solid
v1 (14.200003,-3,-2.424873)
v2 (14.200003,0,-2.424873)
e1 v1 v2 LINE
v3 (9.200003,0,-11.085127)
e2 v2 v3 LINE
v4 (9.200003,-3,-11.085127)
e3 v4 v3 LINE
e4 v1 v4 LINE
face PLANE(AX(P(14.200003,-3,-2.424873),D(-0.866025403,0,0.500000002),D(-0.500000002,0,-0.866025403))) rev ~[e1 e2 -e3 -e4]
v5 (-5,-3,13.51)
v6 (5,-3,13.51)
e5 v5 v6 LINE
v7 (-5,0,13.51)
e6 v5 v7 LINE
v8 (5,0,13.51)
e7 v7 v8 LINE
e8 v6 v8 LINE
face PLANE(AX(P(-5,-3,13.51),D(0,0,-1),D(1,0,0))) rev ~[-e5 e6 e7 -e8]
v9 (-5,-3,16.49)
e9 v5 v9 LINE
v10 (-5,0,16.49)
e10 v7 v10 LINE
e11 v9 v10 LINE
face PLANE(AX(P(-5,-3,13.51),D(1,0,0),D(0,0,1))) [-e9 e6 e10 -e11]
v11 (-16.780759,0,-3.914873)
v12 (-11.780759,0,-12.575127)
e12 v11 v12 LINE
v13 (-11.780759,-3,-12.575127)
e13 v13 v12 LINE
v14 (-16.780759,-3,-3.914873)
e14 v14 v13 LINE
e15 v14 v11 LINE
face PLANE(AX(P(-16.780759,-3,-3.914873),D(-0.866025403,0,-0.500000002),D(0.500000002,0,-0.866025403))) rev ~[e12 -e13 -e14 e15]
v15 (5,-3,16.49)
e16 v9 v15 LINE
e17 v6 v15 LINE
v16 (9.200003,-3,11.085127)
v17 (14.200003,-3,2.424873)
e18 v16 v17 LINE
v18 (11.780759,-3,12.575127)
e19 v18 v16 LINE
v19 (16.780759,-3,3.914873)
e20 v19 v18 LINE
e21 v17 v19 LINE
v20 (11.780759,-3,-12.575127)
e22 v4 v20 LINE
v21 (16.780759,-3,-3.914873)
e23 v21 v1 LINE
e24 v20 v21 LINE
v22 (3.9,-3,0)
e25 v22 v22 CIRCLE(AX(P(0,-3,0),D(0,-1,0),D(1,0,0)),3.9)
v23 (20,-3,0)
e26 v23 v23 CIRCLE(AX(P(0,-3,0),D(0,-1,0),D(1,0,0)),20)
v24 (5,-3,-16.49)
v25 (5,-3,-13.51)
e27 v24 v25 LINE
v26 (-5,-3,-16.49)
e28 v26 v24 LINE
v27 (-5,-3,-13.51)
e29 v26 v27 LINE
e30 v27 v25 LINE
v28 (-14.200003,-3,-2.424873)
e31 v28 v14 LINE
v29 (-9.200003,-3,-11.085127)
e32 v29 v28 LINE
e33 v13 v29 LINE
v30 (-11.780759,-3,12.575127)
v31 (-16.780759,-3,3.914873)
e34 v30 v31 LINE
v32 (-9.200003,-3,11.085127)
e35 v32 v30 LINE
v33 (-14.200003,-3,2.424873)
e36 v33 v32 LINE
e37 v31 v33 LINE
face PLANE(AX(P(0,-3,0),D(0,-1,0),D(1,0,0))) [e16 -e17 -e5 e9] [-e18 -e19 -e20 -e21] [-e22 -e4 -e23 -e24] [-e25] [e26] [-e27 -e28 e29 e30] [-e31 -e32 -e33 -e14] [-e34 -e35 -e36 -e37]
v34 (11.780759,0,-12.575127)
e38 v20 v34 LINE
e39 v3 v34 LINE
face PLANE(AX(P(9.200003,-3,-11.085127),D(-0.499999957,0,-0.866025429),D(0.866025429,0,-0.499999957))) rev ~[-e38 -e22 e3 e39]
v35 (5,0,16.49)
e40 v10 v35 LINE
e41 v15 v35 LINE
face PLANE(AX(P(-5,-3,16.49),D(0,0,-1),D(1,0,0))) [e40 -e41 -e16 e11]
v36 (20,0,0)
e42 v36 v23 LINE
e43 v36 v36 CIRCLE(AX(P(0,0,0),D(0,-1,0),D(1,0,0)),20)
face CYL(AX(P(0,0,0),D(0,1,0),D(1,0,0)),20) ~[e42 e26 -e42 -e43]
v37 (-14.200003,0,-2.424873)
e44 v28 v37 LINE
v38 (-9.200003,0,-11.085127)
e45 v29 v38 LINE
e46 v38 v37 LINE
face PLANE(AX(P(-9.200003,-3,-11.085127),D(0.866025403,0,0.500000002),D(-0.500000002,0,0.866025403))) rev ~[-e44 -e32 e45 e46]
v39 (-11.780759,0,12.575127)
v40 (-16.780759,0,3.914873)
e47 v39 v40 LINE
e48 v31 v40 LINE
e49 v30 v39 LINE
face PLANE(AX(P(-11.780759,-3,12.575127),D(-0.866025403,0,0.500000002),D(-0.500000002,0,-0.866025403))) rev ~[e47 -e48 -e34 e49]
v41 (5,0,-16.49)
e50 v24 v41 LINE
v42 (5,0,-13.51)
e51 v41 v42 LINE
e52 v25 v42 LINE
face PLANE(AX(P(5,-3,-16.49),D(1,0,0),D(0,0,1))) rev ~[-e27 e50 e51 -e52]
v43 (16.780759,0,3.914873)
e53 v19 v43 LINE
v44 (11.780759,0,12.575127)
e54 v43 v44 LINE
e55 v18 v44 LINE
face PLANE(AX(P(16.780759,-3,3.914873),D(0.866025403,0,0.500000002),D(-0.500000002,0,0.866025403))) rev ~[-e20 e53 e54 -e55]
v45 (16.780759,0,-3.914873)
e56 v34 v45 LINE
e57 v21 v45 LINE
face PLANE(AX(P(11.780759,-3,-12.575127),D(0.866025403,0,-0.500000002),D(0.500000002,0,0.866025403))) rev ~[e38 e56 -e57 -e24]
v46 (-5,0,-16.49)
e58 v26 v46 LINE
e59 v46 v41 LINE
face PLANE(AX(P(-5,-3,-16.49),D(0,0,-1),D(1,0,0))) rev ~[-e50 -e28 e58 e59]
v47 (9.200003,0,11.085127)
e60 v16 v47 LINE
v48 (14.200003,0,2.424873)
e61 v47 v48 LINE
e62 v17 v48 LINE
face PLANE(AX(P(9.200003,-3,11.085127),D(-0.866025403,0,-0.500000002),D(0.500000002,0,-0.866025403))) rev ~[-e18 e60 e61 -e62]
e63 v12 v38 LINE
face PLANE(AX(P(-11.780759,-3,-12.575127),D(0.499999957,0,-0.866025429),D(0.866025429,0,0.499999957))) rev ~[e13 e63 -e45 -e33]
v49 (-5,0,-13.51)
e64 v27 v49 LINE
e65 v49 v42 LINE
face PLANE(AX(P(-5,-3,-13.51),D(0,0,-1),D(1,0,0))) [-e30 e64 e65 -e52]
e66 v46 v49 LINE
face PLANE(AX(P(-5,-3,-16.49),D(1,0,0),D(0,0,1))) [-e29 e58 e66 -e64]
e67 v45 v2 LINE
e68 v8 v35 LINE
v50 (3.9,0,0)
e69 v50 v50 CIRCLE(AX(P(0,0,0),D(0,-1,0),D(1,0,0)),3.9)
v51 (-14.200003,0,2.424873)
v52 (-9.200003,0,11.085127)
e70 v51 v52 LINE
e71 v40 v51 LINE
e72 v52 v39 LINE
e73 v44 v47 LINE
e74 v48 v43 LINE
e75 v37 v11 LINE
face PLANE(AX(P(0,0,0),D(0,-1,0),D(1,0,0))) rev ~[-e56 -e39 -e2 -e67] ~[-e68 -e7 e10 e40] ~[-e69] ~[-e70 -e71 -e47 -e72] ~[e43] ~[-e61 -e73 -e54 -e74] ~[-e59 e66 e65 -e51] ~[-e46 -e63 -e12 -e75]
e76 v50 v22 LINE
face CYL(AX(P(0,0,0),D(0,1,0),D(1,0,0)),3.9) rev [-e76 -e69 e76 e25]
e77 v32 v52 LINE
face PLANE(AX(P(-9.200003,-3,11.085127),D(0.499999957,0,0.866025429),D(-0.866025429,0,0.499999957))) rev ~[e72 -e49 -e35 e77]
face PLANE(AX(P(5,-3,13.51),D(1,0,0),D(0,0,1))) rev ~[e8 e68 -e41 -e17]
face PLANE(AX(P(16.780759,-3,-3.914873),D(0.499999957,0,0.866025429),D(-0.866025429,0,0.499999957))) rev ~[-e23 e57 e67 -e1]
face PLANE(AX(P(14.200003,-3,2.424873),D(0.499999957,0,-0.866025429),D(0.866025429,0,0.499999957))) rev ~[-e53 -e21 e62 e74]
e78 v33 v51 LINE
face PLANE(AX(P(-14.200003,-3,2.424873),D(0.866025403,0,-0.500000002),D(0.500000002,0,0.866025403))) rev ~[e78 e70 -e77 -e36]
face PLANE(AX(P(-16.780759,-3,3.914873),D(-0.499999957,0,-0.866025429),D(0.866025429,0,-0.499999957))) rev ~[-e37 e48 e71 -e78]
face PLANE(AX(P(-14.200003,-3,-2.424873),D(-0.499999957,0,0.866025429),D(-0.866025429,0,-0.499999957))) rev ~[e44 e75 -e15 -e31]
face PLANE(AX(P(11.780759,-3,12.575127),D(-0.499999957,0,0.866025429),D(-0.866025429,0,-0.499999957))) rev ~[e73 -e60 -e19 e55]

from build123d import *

# Parameters (mm, degrees)
F0_R     = 20
F0_R_2   = 3.9
F1_DEPTH = 3
F2_W     = 10
F2_H     = 2.98
F3_DEPTH = 25


with BuildPart() as f1:
    # F0 (on Front) → F1 (new body)
    with BuildSketch(Plane.XZ):
        Circle(F0_R)
        Circle(F0_R_2, mode=Mode.SUBTRACT)
    extrude(amount=F1_DEPTH)

    # F2 (on face) → F3 (cut)
    with BuildSketch(Plane.XZ.offset(3)):
        with Locations((0, -15)):
            Rectangle(F2_W, F2_H)
        Polygon((14.200003, -2.424873), (9.200003, -11.085127), (11.780759, -12.575127), (16.780759, -3.914873), align=None)
        Polygon((9.200003, 11.085127), (14.200003, 2.424873), (16.780759, 3.914873), (11.780759, 12.575127), align=None)
        with Locations((0, 15)):
            Rectangle(F2_W, F2_H)
        Polygon((-14.200003, 2.424873), (-9.200003, 11.085127), (-11.780759, 12.575127), (-16.780759, 3.914873), align=None)
        Polygon((-9.200003, -11.085127), (-14.200003, -2.424873), (-16.780759, -3.914873), (-11.780759, -12.575127), align=None)
    extrude(amount=-F3_DEPTH, mode=Mode.SUBTRACT)


solid = f1.part
